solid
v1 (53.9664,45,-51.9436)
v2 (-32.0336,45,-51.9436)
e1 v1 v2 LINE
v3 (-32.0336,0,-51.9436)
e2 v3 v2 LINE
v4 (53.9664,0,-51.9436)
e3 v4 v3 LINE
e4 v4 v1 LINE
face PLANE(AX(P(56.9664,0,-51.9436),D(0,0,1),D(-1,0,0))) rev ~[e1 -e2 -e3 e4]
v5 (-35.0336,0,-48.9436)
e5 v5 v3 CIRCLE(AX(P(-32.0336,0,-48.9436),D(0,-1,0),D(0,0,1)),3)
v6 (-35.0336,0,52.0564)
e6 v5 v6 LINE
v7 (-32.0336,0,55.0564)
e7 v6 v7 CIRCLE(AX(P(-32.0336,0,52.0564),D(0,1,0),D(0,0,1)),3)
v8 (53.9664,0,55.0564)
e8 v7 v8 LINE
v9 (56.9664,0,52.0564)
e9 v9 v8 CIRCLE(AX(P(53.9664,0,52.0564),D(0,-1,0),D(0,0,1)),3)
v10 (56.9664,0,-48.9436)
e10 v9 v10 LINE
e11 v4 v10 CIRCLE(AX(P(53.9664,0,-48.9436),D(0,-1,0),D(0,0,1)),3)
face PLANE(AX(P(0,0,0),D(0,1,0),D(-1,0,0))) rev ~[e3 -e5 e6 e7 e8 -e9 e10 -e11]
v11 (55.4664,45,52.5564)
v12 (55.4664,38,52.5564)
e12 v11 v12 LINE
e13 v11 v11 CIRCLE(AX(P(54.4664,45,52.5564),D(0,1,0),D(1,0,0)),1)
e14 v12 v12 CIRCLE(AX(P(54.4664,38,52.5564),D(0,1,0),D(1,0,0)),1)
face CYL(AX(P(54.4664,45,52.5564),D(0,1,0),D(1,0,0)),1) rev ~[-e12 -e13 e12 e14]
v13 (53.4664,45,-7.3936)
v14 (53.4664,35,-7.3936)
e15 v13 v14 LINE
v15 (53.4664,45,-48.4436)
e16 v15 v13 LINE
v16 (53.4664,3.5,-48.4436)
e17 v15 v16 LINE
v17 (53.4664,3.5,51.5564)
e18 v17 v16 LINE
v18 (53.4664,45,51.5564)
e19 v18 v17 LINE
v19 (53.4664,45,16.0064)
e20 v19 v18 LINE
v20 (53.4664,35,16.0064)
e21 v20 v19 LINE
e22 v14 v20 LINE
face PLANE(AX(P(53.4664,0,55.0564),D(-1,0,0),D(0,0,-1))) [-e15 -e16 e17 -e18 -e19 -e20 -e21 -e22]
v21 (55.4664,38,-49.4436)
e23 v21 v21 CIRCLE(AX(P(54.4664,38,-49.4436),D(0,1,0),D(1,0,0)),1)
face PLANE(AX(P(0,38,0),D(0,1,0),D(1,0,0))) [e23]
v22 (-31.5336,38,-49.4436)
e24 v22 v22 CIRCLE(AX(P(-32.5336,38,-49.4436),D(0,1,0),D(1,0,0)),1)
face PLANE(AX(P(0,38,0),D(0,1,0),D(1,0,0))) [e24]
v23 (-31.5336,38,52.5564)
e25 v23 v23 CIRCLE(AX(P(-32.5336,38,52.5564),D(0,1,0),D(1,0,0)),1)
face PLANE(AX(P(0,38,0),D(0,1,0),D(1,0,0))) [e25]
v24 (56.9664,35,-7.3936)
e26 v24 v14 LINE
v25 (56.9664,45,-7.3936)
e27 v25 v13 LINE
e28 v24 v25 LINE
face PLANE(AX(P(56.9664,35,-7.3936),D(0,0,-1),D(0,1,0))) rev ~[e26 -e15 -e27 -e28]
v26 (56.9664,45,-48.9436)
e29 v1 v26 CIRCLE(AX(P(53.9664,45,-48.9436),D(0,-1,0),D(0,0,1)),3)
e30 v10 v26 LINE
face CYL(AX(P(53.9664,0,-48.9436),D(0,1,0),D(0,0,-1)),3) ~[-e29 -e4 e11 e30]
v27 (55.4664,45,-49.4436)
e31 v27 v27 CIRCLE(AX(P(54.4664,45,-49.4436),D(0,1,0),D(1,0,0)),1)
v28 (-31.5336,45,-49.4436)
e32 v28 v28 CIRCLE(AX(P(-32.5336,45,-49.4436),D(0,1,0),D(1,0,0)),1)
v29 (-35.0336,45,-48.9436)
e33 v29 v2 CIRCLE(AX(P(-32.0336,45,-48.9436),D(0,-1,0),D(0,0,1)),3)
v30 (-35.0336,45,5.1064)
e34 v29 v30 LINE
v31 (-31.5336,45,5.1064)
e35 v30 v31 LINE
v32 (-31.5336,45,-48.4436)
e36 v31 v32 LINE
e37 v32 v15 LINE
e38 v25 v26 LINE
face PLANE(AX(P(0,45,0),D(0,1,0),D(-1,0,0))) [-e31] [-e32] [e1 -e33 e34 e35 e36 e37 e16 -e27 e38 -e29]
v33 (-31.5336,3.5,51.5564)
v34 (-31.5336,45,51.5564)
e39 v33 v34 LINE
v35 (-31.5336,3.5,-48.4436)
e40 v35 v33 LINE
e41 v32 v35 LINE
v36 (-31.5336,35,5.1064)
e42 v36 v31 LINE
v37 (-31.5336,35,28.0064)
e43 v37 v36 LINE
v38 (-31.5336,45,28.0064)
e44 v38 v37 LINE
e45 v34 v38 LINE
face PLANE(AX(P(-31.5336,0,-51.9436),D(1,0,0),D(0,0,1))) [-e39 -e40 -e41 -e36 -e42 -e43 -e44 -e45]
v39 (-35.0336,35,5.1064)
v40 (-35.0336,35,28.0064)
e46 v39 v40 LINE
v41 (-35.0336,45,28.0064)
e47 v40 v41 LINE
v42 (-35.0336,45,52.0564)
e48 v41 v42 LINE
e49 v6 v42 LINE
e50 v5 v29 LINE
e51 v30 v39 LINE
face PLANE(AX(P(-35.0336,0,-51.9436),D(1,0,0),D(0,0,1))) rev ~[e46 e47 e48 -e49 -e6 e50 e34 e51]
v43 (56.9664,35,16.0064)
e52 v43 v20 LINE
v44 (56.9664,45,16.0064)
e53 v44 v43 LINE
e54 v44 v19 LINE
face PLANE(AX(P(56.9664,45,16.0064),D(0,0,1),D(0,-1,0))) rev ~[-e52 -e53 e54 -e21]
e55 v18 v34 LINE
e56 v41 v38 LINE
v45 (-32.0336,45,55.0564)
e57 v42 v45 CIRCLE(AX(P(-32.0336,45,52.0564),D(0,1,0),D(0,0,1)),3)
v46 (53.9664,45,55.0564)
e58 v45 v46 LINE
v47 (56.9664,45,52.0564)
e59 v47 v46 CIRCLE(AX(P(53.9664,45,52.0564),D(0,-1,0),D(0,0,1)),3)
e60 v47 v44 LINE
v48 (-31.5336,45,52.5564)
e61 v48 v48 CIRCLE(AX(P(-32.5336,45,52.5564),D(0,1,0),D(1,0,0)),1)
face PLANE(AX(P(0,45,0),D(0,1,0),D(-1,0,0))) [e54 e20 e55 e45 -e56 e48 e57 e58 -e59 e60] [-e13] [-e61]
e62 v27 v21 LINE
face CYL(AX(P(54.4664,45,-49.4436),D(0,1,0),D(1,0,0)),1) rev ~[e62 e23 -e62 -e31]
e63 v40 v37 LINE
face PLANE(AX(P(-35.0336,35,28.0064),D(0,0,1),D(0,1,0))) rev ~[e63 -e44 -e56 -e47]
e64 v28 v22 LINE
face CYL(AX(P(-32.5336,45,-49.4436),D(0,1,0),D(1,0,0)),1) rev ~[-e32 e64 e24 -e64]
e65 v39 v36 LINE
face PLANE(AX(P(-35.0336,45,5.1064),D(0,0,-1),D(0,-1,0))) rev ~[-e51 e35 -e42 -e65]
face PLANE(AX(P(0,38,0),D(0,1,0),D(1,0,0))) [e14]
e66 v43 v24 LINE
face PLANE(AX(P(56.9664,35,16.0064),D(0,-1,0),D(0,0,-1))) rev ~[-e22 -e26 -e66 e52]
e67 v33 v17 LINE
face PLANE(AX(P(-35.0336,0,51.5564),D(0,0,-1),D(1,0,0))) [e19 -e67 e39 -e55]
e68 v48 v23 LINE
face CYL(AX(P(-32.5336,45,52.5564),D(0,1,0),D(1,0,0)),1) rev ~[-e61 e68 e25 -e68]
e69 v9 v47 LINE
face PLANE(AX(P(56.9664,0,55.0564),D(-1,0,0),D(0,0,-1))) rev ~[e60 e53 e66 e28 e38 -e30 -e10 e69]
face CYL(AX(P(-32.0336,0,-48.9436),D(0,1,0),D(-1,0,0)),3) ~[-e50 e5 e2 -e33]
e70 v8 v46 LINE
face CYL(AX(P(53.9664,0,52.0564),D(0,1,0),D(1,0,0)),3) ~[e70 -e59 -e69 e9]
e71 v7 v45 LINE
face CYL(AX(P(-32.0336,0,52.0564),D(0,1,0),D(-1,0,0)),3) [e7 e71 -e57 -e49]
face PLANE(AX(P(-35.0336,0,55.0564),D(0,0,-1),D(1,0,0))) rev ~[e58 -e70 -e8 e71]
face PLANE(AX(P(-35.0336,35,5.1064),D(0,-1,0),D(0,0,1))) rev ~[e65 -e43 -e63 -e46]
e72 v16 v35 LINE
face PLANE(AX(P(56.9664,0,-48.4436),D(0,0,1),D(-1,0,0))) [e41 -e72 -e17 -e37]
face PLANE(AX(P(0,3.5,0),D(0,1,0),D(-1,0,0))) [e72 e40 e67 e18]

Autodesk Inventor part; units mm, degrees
ref_plane "YZ Plane" through (0, 0, 0) normal (1, 0, 0) x (0, 1, 0)
ref_plane "XZ Plane" through (0, 0, 0) normal (0, 1, 0) x (-1, 0, 0)
ref_plane "XY Plane" through (0, 0, 0) normal (0, 0, 1) x (1, 0, 0)
sketch "Sketch2" plane through (0, 0, 0) normal (0, 1, 0) x (-1, 0, 0)
  line L0 (35.0336, 55.0564) -> (-56.9664, 55.0564)
  line L1 (-56.9664, 55.0564) -> (-56.9664, -51.9436)
  line L2 (-56.9664, -51.9436) -> (35.0336, -51.9436)
  line L3 (35.0336, -51.9436) -> (35.0336, 55.0564)
  point P0 (0, 0)
  dimension "d28" = 107
  dimension "d29" = 92
extrude "Extrusion2" add sketch "Sketch2" along normal blind 45
shell "Shell2" thickness 3.5 removed faces 1 at (-4.367, 45, -16.277)
fillet "Fillet1" radius 3 4 edges at (56.9664, 22.5, 55.0564) (-35.0336, 22.5, 55.0564) (56.9664, 22.5, -51.9436) (-35.0336, 22.5, -51.9436)
sketch "Sketch3" plane through (0, 45, 0) normal (0, 1, 0) x (1, 0, 0)
  circle A0 centre (54.4664, -52.5564) radius 1
  line L0 (-32.0336, -55.0564) -> (53.9664, -55.0564) projected
  line L1 (56.9664, -52.0564) -> (56.9664, 48.9436) projected
  line L2 (10.9664, -40.0013) -> (10.9664, -71.8309)
  line L3 (-21.6043, -1.5564) -> (-51.5358, -1.5564)
  circle A1 centre (-32.5336, -52.5564) radius 1
  circle A2 centre (54.4664, 49.4436) radius 1
  circle A3 centre (-32.5336, 49.4436) radius 1
  point P0 (0, 0)
  dimension "d34" = 2
  dimension "d35" = 2.5
  dimension "d36" = 2.5
  dimension "d37" = 46
  dimension "d38" = 53.5
extrude "Extrusion3" cut sketch "Sketch3" against normal blind 7
sketch "Sketch9" plane through (56.9664, 0, 52.0564) normal (1, 0, 0) x (0, 0, -1)
  line L0 (59.45, 45) -> (36.05, 45)
  line L1 (36.05, 45) -> (36.05, 35)
  line L2 (36.05, 35) -> (59.45, 35)
  line L3 (59.45, 35) -> (59.45, 45)
  line L4 (-3, 45) -> (-3, 0) projected
  line L5 (104, 0) -> (104, 45) projected
  line L6 (0, 45) -> (101, 45) projected
  point P0 (52.0564, 0)
  point P1 (-3, 2)
  point P2 (107, 2)
  dimension "d102" = 10
  dimension "d103" = 39.05
  dimension "d104" = 44.55
  dimension "d105" = 0
extrude "Extrusion5" cut sketch "Sketch9" against normal blind 8
sketch "Sketch10" plane through (-35.0336, 0, -48.9436) normal (-1, 0, 0) x (0, 0, 1)
  line L0 (54.05, 35) -> (76.95, 35)
  line L1 (76.95, 35) -> (76.95, 45)
  line L2 (76.95, 45) -> (54.05, 45)
  line L3 (54.05, 45) -> (54.05, 35)
  line L4 (104, 0) -> (104, 45) projected
  line L5 (0, 45) -> (101, 45) projected
  line L6 (-3, 45) -> (-3, 0) projected
  point P0 (48.9436, 0)
  point P1 (107, 2)
  point P2 (-3, 2)
  dimension "d108" = 27.05
  dimension "d109" = 0
  dimension "d110" = 57.05
  dimension "d111" = 10
extrude "Extrusion6" cut sketch "Sketch10" against normal blind 8
properties part number "MotorDriverModel"
